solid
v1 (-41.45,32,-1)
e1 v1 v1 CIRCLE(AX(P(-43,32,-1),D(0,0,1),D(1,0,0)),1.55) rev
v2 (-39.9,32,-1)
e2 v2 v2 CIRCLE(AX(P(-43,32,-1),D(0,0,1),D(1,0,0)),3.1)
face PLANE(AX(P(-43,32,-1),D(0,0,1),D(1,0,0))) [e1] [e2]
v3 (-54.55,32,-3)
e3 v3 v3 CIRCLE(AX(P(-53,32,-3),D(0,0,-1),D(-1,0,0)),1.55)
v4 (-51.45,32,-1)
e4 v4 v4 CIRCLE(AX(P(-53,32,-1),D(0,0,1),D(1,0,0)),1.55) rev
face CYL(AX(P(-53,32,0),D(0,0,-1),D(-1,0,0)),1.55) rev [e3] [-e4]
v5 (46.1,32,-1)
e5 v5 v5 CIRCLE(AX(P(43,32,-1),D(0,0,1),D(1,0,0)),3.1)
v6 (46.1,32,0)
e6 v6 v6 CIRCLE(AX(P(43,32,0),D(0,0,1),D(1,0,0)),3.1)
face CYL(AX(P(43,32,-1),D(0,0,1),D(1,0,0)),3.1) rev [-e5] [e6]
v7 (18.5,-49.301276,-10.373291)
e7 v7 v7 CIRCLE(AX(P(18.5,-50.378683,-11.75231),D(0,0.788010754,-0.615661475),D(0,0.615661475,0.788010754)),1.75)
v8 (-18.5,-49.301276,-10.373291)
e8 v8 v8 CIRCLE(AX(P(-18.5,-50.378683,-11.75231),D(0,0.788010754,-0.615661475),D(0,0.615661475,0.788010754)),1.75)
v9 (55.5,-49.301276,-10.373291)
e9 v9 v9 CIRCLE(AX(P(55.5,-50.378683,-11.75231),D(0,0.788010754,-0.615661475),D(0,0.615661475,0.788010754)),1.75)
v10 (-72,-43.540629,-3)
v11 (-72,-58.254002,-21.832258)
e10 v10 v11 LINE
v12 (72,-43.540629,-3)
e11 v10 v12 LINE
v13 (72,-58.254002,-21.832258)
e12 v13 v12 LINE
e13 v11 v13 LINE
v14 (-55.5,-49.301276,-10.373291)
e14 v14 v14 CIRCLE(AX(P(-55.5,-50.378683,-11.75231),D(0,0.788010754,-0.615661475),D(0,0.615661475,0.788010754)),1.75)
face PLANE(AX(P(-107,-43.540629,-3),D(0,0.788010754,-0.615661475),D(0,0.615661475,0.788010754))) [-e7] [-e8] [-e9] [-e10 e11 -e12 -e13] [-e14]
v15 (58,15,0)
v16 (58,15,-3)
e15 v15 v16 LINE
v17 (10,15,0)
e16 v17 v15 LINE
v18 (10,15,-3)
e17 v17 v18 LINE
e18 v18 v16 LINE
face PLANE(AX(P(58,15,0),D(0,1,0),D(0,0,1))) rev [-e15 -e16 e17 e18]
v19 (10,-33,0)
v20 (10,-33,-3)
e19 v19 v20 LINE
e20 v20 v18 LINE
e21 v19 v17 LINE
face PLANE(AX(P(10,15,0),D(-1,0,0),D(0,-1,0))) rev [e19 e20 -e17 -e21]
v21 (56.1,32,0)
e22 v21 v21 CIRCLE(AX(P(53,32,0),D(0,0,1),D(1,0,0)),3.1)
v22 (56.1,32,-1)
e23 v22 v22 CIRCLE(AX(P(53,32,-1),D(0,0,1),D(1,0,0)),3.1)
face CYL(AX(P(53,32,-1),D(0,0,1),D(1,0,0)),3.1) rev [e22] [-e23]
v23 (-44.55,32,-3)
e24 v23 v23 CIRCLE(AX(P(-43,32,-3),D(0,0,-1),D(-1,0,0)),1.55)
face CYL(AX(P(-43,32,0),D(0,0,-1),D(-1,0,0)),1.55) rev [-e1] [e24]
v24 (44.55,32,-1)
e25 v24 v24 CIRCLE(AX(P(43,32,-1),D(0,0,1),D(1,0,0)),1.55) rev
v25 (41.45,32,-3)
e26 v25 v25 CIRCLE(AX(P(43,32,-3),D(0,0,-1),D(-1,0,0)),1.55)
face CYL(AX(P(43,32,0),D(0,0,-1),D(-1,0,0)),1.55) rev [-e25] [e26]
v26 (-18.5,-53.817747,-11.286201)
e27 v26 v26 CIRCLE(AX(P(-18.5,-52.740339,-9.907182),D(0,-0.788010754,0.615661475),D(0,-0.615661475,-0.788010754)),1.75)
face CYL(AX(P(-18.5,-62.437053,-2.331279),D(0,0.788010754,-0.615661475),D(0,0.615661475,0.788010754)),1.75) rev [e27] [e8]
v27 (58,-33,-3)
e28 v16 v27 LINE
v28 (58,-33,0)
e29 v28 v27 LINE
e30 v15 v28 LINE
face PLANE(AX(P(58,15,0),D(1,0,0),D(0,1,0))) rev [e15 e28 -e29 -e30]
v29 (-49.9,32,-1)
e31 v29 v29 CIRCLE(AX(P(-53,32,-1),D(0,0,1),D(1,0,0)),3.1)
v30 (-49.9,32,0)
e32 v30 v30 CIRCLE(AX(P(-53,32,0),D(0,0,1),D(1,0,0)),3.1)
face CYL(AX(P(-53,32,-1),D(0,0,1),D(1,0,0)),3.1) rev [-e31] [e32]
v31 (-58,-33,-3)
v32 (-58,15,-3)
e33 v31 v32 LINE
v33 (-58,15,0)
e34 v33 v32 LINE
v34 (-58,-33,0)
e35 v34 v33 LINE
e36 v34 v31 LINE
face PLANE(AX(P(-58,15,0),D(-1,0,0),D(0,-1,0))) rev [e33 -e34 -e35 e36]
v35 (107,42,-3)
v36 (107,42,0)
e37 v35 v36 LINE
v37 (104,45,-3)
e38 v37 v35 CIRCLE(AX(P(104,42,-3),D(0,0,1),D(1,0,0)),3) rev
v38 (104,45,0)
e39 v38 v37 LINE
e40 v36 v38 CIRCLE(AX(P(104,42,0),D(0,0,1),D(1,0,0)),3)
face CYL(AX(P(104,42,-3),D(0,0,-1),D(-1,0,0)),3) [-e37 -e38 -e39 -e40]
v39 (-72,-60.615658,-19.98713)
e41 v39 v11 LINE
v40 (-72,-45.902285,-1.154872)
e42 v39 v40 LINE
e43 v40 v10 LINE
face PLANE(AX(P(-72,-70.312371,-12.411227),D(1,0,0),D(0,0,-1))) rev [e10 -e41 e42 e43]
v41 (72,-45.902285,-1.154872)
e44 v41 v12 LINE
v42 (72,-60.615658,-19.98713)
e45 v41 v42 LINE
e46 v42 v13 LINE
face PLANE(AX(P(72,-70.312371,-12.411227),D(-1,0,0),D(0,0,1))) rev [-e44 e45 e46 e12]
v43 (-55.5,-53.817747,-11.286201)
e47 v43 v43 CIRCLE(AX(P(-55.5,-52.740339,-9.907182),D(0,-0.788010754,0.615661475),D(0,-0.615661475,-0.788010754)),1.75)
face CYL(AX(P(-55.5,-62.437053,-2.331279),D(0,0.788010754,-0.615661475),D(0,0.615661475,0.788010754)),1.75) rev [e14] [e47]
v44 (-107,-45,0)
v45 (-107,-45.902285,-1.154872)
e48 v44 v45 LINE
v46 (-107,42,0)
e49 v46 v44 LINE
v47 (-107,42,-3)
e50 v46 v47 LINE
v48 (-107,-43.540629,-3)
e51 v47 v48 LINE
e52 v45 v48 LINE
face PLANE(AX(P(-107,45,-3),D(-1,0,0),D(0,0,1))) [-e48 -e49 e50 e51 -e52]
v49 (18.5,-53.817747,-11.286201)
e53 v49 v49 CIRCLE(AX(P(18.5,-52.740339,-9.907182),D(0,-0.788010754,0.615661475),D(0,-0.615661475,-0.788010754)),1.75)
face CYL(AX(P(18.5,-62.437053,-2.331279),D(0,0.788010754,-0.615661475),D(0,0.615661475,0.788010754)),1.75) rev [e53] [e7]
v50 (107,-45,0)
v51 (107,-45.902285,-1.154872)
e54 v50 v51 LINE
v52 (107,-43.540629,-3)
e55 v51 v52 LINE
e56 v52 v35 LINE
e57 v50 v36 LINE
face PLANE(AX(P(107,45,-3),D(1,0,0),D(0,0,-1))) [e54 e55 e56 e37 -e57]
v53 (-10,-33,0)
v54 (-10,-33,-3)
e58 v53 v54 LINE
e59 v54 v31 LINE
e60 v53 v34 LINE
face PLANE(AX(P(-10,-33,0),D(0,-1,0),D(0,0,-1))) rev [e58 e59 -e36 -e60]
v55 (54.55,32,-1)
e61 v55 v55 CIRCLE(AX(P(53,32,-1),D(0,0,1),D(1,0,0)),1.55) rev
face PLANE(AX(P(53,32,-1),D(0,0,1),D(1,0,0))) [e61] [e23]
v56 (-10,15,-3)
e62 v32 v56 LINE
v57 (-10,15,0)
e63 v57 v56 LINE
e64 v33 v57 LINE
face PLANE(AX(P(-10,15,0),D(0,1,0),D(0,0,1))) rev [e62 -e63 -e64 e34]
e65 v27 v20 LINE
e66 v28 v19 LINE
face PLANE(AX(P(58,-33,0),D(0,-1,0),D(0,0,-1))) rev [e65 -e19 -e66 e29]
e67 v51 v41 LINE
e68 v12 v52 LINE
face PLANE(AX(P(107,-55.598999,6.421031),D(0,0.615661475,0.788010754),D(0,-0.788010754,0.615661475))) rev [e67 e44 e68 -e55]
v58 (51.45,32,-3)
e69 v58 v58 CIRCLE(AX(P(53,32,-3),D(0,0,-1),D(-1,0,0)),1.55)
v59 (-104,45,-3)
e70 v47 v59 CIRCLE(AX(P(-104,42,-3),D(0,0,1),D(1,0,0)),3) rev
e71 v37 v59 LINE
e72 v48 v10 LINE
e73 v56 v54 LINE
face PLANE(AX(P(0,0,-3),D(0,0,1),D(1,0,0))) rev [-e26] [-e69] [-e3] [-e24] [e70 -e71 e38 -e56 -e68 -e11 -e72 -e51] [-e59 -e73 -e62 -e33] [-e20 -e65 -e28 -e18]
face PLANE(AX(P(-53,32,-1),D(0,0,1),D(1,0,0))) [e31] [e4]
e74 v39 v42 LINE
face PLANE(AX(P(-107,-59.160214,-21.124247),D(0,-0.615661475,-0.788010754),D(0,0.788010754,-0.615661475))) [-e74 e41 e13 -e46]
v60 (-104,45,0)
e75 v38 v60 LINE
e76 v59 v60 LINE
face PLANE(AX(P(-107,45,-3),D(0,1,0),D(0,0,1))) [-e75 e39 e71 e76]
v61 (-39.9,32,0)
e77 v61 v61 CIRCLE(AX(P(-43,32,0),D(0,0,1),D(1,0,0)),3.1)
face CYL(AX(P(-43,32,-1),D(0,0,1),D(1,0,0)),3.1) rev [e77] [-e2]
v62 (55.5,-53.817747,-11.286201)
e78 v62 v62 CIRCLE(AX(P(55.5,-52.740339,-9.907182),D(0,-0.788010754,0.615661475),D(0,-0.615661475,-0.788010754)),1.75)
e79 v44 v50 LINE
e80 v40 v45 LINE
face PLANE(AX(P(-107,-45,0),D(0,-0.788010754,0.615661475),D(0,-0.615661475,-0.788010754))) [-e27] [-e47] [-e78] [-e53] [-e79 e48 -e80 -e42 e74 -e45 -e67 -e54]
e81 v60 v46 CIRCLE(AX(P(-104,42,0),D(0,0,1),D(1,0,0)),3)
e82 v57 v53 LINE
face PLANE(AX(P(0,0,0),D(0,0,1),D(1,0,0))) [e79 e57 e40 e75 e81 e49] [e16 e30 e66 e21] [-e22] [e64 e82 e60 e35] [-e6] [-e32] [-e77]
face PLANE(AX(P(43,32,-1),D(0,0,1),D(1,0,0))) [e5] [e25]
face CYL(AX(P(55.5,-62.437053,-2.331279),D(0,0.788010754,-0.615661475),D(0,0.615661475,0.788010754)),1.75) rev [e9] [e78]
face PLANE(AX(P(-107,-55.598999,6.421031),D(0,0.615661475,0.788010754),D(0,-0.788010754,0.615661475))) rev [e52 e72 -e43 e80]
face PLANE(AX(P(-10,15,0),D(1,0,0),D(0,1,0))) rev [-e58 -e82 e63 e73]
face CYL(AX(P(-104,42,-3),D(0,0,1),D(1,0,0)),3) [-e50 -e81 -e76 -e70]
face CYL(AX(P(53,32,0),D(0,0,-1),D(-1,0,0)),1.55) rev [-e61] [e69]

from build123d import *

# Parameters (mm, degrees)
SKETCH_2_W           = 214
SKETCH_2_H           = 90
EXTRUDE_5_DEPTH      = 3
SKETCH_14_R          = 1.55
CUT_EXTRUDE_12_DEPTH = 117.116320989
SKETCH_15_R          = 3.1
CUT_EXTRUDE_14_DEPTH = 1
SKETCH_11_W          = 48
SKETCH_11_H          = 48
CUT_EXTRUDE_15_DEPTH = 117.116320989
EXTRUDE_6_DEPTH      = 214
EXTRUDE_7_DEPTH      = 214
SKETCH_13_R          = 1.75
CUT_EXTRUDE_16_DEPTH = 134.72337904
SKETCH_23_W          = 35
SKETCH_23_H          = 23.89847847
CUT_EXTRUDE_17_DEPTH = 135.831639748
FILLET_3_R           = 3
FILLET_4_R           = 3


with BuildPart() as part:
    # 草图2 → 凸台-拉伸5 (new body)
    with BuildSketch(Plane.XY):
        Rectangle(SKETCH_2_W, SKETCH_2_H)
    extrude(amount=-EXTRUDE_5_DEPTH)

    # 草图14 → 切除-拉伸12 (cut, through all)
    with BuildSketch(Plane(origin=(0, 0, -3), x_dir=(-1, 0, 0), z_dir=(0, 0, -1))):
        with Locations((-53, 32)):
            Circle(SKETCH_14_R)
        with Locations((-43, 32)):
            Circle(SKETCH_14_R)
        with Locations((43, 32)):
            Circle(SKETCH_14_R)
        with Locations((53, 32)):
            Circle(SKETCH_14_R)
    extrude(amount=-CUT_EXTRUDE_12_DEPTH, mode=Mode.SUBTRACT)

    # 草图15 → 切除-拉伸14 (cut)
    with BuildSketch(Plane.XY):
        with Locations((53, 32)):
            Circle(SKETCH_15_R)
        with Locations((43, 32)):
            Circle(SKETCH_15_R)
        with Locations((-43, 32)):
            Circle(SKETCH_15_R)
        with Locations((-53, 32)):
            Circle(SKETCH_15_R)
    extrude(amount=-CUT_EXTRUDE_14_DEPTH, mode=Mode.SUBTRACT)

    # 草图11 → 切除-拉伸15 (cut, through all)
    with BuildSketch(Plane(origin=(0, 0, -3), x_dir=(-1, 0, 0), z_dir=(0, 0, -1))):
        with Locations((-34, -9)):
            Rectangle(SKETCH_11_W, SKETCH_11_H)
        with Locations((34, -9)):
            Rectangle(SKETCH_11_W, SKETCH_11_H)
    extrude(amount=-CUT_EXTRUDE_15_DEPTH, mode=Mode.SUBTRACT)

    # 草图21 → 凸台-拉伸6 (add, through all)
    with BuildSketch(Plane(origin=(107, 0, 0), x_dir=(0, 0, -1), z_dir=(1, 0, 0))):
        Polygon((0, -45), (19.987130176, -60.615657522), (21.124247333, -59.160213932), (3, -45), align=None)
    extrude(amount=-EXTRUDE_6_DEPTH)

    # 草图22 → 凸台-拉伸7 (add, through all)
    with BuildSketch(Plane(origin=(107, 0, 0), x_dir=(0, 0, -1), z_dir=(1, 0, 0))):
        Polygon((3, -43.540629053), (21.83225803, -58.254001566), (21.124247333, -59.160213932), (3, -45), align=None)
    extrude(amount=-EXTRUDE_7_DEPTH)

    # 草图13 → 切除-拉伸16 (cut, through all)
    with BuildSketch(Plane(origin=(0, -24.123766801, 18.847552259), x_dir=(1, 0, 0), z_dir=(0, 0.788010753606719, -0.615661475325662))):
        with Locations(Location((55.5, 40.277161152, 0), (0, 0, 270))):
            Circle(SKETCH_13_R)
        with Locations(Location((18.5, 40.277161152, 0), (0, 0, 270))):
            Circle(SKETCH_13_R)
        with Locations(Location((-18.5, 40.277161152, 0), (0, 0, 270))):
            Circle(SKETCH_13_R)
        with Locations(Location((-55.5, 40.277161152, 0), (0, 0, 270))):
            Circle(SKETCH_13_R)
    extrude(amount=-CUT_EXTRUDE_16_DEPTH, mode=Mode.SUBTRACT)

    # 草图23 → 切除-拉伸17 (cut, through all)
    with BuildSketch(Plane(origin=(0, -25.581586695, 19.986525988), x_dir=(1, 0, 0), z_dir=(0, 0.788010753606719, -0.6156614753256621))):
        with Locations((-89.5, 41.119559415)):
            Rectangle(SKETCH_23_W, SKETCH_23_H)
        with Locations((89.5, 41.119559415)):
            Rectangle(SKETCH_23_W, SKETCH_23_H)
    extrude(amount=-CUT_EXTRUDE_17_DEPTH, mode=Mode.SUBTRACT)

    # 圆角3
    fillet_3_edges = [part.edges().sort_by_distance(p)[0] for p in [
        (-107, 45, -1.5),
    ]]
    fillet(fillet_3_edges, radius=FILLET_3_R)

    # 圆角4
    fillet_4_edges = [part.edges().sort_by_distance(p)[0] for p in [
        (107, 45, -1.5),
    ]]
    fillet(fillet_4_edges, radius=FILLET_4_R)


solid = part.part
